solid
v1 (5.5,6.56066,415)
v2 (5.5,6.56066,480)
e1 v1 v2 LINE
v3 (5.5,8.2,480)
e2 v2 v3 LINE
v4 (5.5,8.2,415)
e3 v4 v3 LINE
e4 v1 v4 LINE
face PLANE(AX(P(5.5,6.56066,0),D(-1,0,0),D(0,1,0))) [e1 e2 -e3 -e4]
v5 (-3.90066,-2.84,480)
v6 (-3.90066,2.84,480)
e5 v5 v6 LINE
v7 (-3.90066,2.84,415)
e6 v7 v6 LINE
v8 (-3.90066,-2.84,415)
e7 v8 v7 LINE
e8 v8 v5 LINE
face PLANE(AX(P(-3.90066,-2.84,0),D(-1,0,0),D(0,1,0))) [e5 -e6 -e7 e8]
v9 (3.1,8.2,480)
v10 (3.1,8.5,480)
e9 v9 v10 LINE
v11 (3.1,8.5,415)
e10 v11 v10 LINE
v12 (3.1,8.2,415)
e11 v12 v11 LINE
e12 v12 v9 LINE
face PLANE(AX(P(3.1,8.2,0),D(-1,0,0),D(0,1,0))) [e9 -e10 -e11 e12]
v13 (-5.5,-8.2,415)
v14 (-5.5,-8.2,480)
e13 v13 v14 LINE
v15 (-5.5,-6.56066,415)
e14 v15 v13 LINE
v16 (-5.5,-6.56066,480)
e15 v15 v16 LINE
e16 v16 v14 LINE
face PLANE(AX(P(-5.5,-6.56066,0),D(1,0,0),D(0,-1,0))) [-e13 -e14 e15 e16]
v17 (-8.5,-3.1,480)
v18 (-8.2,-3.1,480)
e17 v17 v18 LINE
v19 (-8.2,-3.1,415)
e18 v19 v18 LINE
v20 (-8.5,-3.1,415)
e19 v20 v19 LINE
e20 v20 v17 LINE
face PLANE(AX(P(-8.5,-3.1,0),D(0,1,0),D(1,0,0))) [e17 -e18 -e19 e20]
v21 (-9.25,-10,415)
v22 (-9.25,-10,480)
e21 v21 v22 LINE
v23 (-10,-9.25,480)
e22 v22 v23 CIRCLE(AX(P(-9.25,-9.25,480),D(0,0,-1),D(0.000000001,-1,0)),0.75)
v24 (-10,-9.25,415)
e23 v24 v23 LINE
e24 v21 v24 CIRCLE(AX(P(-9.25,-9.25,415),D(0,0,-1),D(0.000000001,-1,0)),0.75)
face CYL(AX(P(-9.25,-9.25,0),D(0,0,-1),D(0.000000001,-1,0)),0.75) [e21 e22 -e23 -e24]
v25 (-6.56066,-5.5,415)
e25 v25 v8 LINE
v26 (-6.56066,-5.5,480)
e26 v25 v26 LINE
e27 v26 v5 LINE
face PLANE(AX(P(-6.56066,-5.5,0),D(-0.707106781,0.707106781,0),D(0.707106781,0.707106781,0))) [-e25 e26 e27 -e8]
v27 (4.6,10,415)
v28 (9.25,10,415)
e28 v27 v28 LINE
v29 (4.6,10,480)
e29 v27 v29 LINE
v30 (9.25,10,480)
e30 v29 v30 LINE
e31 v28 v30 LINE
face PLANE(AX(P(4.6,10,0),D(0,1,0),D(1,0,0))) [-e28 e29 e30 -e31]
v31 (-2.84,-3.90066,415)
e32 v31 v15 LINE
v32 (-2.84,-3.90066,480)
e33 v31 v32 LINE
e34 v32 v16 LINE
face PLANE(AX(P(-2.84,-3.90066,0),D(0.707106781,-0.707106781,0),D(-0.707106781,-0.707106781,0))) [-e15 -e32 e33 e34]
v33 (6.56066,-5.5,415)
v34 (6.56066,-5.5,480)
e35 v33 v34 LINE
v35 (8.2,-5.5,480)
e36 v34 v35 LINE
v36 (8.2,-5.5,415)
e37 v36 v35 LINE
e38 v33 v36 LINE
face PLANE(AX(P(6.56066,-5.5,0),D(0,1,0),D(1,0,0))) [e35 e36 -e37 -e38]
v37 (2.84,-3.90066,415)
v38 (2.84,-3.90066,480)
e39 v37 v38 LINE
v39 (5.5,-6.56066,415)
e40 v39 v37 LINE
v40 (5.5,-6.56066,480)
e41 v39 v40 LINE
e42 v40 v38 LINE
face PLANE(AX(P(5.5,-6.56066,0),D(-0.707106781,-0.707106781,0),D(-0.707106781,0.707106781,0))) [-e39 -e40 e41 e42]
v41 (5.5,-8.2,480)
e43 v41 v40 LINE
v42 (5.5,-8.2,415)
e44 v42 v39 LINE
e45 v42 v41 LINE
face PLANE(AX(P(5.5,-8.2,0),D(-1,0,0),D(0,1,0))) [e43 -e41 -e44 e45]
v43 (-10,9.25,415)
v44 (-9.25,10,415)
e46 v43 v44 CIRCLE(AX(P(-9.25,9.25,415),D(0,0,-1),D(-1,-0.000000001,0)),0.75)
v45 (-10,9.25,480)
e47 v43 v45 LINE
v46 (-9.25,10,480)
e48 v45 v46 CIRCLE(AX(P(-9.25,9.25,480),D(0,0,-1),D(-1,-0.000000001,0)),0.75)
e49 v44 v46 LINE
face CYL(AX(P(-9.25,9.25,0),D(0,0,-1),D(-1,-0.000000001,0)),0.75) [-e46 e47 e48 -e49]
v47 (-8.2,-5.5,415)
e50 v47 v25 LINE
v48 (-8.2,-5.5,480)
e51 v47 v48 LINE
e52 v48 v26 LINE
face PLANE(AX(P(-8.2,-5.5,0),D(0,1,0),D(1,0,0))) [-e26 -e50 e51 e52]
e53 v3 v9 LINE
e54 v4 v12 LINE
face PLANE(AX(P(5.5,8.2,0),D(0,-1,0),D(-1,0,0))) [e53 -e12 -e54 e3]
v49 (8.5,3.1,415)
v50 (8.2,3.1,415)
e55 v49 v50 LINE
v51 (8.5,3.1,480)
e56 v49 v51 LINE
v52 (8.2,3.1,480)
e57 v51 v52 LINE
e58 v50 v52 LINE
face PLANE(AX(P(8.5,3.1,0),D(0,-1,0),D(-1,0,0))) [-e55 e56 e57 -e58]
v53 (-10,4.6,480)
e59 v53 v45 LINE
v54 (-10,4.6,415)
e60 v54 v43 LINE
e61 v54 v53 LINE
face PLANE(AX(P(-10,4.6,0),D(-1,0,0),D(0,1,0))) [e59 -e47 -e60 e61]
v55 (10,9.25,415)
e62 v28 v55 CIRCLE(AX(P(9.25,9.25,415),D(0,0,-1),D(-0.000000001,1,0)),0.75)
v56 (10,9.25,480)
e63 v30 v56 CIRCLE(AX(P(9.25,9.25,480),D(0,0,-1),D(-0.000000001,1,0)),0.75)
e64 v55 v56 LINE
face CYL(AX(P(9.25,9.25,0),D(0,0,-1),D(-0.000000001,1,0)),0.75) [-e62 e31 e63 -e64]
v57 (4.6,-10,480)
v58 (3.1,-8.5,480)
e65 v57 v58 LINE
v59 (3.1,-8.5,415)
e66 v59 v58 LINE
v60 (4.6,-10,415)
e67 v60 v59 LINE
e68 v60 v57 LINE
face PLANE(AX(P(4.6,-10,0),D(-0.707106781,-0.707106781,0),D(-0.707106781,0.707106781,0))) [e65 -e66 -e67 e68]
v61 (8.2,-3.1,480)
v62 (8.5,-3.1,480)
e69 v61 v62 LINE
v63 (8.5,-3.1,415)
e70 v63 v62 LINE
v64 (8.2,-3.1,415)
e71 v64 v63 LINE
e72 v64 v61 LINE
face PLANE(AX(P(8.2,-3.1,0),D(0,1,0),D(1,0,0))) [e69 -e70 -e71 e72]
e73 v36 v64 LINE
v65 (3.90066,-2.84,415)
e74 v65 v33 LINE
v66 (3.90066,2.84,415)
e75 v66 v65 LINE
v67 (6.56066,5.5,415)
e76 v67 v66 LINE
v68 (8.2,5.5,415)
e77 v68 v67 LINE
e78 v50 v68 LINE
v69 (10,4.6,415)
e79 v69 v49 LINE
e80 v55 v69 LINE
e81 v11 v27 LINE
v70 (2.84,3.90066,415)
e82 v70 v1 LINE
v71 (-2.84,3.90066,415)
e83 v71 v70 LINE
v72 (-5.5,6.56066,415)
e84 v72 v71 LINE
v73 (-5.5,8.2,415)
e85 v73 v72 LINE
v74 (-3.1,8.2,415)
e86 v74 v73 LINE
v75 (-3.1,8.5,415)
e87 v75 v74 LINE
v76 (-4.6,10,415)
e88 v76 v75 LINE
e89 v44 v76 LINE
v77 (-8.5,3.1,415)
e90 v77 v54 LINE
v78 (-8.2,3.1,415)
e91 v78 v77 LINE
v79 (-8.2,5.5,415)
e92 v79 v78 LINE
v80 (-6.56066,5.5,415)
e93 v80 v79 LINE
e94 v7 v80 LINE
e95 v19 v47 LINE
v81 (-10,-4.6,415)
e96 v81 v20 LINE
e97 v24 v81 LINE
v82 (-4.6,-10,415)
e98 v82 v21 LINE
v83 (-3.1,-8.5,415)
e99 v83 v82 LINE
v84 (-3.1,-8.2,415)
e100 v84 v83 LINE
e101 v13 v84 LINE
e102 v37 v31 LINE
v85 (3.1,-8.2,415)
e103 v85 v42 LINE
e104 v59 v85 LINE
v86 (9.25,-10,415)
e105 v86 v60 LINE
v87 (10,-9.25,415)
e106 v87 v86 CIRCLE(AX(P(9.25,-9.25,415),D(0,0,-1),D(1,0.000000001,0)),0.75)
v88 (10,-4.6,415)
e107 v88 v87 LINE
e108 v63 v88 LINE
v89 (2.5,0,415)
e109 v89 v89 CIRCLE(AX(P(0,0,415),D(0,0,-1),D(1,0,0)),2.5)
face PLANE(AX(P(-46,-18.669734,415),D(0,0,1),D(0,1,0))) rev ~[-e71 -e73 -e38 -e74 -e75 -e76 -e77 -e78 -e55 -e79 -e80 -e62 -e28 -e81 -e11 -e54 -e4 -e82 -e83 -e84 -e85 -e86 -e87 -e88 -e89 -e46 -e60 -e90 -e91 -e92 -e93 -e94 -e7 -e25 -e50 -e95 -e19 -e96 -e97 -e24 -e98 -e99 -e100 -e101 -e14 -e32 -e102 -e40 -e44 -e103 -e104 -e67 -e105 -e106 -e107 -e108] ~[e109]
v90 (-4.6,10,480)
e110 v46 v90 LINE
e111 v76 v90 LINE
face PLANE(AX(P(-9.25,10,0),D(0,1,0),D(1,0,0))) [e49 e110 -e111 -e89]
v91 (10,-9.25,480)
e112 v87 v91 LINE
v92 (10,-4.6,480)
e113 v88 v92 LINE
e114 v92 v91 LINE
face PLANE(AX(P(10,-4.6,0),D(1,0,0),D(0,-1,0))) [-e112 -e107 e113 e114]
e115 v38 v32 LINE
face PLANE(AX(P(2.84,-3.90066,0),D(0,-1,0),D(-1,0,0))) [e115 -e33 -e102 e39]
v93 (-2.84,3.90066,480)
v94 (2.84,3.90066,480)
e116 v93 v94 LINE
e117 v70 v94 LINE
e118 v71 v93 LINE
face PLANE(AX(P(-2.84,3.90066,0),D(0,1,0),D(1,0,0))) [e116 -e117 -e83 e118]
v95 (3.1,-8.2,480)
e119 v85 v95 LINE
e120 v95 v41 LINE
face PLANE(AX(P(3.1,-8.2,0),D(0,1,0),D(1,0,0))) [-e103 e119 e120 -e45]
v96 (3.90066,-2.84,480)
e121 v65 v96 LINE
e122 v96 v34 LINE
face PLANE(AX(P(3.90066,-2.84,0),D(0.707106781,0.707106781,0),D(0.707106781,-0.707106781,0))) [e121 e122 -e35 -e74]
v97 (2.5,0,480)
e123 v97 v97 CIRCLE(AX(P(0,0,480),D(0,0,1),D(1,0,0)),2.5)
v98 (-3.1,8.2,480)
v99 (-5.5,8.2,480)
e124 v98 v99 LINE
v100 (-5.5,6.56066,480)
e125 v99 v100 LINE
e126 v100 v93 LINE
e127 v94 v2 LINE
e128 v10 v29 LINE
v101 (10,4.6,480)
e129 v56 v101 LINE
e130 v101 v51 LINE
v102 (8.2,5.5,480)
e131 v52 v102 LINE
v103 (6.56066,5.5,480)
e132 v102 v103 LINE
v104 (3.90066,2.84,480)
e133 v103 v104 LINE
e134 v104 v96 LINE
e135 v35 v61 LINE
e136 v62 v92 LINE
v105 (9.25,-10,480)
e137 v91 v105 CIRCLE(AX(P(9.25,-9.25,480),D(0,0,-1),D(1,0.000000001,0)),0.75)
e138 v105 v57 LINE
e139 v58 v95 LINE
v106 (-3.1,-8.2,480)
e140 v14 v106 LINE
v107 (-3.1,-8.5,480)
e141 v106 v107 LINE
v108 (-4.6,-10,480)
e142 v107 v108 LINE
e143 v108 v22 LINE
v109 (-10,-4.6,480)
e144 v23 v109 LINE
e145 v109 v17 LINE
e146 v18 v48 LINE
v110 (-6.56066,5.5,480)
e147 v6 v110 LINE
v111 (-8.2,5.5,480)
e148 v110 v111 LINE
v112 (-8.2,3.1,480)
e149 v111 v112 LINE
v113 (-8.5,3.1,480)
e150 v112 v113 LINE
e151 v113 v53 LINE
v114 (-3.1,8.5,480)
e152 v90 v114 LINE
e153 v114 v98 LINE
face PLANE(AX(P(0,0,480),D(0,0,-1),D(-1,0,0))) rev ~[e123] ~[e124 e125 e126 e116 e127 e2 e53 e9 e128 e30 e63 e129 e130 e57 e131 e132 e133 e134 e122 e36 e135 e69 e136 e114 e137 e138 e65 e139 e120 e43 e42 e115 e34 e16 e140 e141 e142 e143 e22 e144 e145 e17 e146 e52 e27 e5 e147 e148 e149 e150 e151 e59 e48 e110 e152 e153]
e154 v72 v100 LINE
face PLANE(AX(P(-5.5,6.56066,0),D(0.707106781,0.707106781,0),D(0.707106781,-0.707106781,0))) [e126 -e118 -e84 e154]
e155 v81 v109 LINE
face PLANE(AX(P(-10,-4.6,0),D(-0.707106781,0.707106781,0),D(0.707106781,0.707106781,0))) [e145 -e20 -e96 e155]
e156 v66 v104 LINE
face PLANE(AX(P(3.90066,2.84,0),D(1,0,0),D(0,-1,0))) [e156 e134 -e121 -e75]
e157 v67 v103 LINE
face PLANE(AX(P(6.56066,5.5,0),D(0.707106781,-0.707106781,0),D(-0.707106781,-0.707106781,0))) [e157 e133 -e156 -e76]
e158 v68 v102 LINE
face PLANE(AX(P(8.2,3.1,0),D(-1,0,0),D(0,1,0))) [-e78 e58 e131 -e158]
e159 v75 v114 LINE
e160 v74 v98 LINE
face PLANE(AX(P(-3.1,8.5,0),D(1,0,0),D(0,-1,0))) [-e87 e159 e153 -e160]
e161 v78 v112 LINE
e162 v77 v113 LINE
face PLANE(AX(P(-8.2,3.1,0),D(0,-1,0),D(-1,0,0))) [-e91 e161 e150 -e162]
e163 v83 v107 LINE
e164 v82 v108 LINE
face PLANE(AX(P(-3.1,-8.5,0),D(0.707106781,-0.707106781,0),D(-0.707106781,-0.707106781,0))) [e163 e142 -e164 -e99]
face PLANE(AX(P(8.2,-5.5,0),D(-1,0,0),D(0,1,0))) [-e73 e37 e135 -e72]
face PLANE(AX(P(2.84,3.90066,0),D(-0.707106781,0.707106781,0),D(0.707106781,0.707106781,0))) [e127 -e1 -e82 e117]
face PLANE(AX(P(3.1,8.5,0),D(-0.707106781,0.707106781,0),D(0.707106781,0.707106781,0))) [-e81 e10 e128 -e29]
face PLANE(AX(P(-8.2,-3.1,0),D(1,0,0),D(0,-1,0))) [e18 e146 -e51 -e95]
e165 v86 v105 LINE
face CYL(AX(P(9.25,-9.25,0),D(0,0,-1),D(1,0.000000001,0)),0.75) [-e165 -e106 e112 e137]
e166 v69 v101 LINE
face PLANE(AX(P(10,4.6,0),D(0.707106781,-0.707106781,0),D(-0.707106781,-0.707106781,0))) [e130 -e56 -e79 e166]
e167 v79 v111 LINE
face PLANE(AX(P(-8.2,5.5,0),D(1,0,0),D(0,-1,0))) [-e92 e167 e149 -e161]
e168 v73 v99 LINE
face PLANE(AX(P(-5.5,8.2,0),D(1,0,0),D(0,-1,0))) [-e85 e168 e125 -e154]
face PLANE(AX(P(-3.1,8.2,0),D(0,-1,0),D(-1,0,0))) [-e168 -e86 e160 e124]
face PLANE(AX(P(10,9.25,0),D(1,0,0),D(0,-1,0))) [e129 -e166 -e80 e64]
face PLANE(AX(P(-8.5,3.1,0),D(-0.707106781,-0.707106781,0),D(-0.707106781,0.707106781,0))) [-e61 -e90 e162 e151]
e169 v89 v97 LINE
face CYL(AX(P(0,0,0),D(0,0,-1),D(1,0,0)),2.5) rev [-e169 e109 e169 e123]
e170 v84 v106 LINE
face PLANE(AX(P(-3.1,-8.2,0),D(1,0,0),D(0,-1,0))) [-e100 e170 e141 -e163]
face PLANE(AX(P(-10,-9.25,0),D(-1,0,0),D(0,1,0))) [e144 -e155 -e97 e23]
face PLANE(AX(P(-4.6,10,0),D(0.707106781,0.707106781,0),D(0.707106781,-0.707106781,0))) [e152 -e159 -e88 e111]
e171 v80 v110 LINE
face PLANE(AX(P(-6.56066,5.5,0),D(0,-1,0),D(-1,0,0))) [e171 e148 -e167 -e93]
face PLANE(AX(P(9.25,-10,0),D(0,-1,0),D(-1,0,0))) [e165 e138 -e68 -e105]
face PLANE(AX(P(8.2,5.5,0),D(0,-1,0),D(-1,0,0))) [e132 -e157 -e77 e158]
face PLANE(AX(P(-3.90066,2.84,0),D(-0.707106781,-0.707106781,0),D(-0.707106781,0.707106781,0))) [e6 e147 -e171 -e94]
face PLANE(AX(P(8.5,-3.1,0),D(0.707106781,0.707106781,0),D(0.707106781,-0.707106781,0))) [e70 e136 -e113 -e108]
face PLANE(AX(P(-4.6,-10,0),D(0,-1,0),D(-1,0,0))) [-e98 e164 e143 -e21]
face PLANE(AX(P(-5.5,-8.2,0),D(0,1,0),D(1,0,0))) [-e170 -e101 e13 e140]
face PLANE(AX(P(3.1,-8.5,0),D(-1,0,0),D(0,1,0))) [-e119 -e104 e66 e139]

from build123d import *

# Parameters (mm, degrees)
CROQUIS1_R              = 2.5
SALIENTE_EXTRUIR1_DEPTH = 480
CUT_EXTRUDE1_DEPTH      = 47
CUT_EXTRUDE1_DEPTH_BACK = 46
SKETCH2_W               = 830
SKETCH2_H               = 37.339467532


with BuildPart() as part:
    # Croquis1 → Saliente-Extruir1 (new body)
    with BuildSketch(Plane.XY):
        with BuildLine():
            Line((-4.6, 10), (-3.1, 8.5))
            Line((-3.1, 8.5), (-3.1, 8.2))
            Line((-3.1, 8.2), (-5.5, 8.2))
            Line((-5.5, 8.2), (-5.5, 6.560660172))
            Line((-5.5, 6.560660172), (-2.84, 3.900660172))
            Line((-2.84, 3.900660172), (0, 3.900660172))
            Line((0, 3.900660172), (2.84, 3.900660172))
            Line((2.84, 3.900660172), (5.5, 6.560660172))
            Line((5.5, 6.560660172), (5.5, 8.2))
            Line((5.5, 8.2), (3.1, 8.2))
            Line((3.1, 8.2), (3.1, 8.5))
            Line((3.1, 8.5), (4.6, 10))
            Line((4.6, 10), (9.25, 10))
            ThreePointArc((9.25, 10), (9.780330086, 9.780330086), (10, 9.25))
            Line((10, 9.25), (10, 4.6))
            Line((10, 4.6), (8.5, 3.1))
            Line((8.5, 3.1), (8.2, 3.1))
            Line((8.2, 3.1), (8.2, 5.5))
            Line((8.2, 5.5), (6.560660172, 5.5))
            Line((6.560660172, 5.5), (3.900660172, 2.84))
            Line((3.900660172, 2.84), (3.900660172, 0))
            Line((3.900660172, 0), (3.900660172, -2.84))
            Line((3.900660172, -2.84), (6.560660172, -5.5))
            Line((6.560660172, -5.5), (8.2, -5.5))
            Line((8.2, -5.5), (8.2, -3.1))
            Line((8.2, -3.1), (8.5, -3.1))
            Line((8.5, -3.1), (10, -4.6))
            Line((10, -4.6), (10, -9.25))
            ThreePointArc((10, -9.25), (9.780330086, -9.780330086), (9.25, -10))
            Line((9.25, -10), (4.6, -10))
            Line((4.6, -10), (3.1, -8.5))
            Line((3.1, -8.5), (3.1, -8.2))
            Line((3.1, -8.2), (5.5, -8.2))
            Line((5.5, -8.2), (5.5, -6.560660172))
            Line((5.5, -6.560660172), (2.84, -3.900660172))
            Line((2.84, -3.900660172), (0, -3.900660172))
            Line((0, -3.900660172), (-2.84, -3.900660172))
            Line((-2.84, -3.900660172), (-5.5, -6.560660172))
            Line((-5.5, -6.560660172), (-5.5, -8.2))
            Line((-5.5, -8.2), (-3.1, -8.2))
            Line((-3.1, -8.2), (-3.1, -8.5))
            Line((-3.1, -8.5), (-4.6, -10))
            Line((-4.6, -10), (-9.25, -10))
            ThreePointArc((-9.25, -10), (-9.780330086, -9.780330086), (-10, -9.25))
            Line((-10, -9.25), (-10, -4.6))
            Line((-10, -4.6), (-8.5, -3.1))
            Line((-8.5, -3.1), (-8.2, -3.1))
            Line((-8.2, -3.1), (-8.2, -5.5))
            Line((-8.2, -5.5), (-6.560660172, -5.5))
            Line((-6.560660172, -5.5), (-3.900660172, -2.84))
            Line((-3.900660172, -2.84), (-3.900660172, 0))
            Line((-3.900660172, 0), (-3.900660172, 2.84))
            Line((-3.900660172, 2.84), (-6.560660172, 5.5))
            Line((-6.560660172, 5.5), (-8.2, 5.5))
            Line((-8.2, 5.5), (-8.2, 3.1))
            Line((-8.2, 3.1), (-8.5, 3.1))
            Line((-8.5, 3.1), (-10, 4.6))
            Line((-10, 4.6), (-10, 9.25))
            ThreePointArc((-10, 9.25), (-9.780330086, 9.780330086), (-9.25, 10))
            Line((-9.25, 10), (-4.6, 10))
        make_face()
        Circle(CROQUIS1_R, mode=Mode.SUBTRACT)
    extrude(amount=SALIENTE_EXTRUIR1_DEPTH)

    # Sketch2 → Cut-Extrude1 (cut, two sides: drawn at the far end of the back side and taken through both)
    with BuildSketch(Plane(origin=(0, 0, 0), x_dir=(0, 0, -1), z_dir=(1, 0, 0)).offset(-CUT_EXTRUDE1_DEPTH_BACK)):
        Rectangle(SKETCH2_W, SKETCH2_H)
    extrude(amount=CUT_EXTRUDE1_DEPTH + CUT_EXTRUDE1_DEPTH_BACK, mode=Mode.SUBTRACT)


solid = part.part
